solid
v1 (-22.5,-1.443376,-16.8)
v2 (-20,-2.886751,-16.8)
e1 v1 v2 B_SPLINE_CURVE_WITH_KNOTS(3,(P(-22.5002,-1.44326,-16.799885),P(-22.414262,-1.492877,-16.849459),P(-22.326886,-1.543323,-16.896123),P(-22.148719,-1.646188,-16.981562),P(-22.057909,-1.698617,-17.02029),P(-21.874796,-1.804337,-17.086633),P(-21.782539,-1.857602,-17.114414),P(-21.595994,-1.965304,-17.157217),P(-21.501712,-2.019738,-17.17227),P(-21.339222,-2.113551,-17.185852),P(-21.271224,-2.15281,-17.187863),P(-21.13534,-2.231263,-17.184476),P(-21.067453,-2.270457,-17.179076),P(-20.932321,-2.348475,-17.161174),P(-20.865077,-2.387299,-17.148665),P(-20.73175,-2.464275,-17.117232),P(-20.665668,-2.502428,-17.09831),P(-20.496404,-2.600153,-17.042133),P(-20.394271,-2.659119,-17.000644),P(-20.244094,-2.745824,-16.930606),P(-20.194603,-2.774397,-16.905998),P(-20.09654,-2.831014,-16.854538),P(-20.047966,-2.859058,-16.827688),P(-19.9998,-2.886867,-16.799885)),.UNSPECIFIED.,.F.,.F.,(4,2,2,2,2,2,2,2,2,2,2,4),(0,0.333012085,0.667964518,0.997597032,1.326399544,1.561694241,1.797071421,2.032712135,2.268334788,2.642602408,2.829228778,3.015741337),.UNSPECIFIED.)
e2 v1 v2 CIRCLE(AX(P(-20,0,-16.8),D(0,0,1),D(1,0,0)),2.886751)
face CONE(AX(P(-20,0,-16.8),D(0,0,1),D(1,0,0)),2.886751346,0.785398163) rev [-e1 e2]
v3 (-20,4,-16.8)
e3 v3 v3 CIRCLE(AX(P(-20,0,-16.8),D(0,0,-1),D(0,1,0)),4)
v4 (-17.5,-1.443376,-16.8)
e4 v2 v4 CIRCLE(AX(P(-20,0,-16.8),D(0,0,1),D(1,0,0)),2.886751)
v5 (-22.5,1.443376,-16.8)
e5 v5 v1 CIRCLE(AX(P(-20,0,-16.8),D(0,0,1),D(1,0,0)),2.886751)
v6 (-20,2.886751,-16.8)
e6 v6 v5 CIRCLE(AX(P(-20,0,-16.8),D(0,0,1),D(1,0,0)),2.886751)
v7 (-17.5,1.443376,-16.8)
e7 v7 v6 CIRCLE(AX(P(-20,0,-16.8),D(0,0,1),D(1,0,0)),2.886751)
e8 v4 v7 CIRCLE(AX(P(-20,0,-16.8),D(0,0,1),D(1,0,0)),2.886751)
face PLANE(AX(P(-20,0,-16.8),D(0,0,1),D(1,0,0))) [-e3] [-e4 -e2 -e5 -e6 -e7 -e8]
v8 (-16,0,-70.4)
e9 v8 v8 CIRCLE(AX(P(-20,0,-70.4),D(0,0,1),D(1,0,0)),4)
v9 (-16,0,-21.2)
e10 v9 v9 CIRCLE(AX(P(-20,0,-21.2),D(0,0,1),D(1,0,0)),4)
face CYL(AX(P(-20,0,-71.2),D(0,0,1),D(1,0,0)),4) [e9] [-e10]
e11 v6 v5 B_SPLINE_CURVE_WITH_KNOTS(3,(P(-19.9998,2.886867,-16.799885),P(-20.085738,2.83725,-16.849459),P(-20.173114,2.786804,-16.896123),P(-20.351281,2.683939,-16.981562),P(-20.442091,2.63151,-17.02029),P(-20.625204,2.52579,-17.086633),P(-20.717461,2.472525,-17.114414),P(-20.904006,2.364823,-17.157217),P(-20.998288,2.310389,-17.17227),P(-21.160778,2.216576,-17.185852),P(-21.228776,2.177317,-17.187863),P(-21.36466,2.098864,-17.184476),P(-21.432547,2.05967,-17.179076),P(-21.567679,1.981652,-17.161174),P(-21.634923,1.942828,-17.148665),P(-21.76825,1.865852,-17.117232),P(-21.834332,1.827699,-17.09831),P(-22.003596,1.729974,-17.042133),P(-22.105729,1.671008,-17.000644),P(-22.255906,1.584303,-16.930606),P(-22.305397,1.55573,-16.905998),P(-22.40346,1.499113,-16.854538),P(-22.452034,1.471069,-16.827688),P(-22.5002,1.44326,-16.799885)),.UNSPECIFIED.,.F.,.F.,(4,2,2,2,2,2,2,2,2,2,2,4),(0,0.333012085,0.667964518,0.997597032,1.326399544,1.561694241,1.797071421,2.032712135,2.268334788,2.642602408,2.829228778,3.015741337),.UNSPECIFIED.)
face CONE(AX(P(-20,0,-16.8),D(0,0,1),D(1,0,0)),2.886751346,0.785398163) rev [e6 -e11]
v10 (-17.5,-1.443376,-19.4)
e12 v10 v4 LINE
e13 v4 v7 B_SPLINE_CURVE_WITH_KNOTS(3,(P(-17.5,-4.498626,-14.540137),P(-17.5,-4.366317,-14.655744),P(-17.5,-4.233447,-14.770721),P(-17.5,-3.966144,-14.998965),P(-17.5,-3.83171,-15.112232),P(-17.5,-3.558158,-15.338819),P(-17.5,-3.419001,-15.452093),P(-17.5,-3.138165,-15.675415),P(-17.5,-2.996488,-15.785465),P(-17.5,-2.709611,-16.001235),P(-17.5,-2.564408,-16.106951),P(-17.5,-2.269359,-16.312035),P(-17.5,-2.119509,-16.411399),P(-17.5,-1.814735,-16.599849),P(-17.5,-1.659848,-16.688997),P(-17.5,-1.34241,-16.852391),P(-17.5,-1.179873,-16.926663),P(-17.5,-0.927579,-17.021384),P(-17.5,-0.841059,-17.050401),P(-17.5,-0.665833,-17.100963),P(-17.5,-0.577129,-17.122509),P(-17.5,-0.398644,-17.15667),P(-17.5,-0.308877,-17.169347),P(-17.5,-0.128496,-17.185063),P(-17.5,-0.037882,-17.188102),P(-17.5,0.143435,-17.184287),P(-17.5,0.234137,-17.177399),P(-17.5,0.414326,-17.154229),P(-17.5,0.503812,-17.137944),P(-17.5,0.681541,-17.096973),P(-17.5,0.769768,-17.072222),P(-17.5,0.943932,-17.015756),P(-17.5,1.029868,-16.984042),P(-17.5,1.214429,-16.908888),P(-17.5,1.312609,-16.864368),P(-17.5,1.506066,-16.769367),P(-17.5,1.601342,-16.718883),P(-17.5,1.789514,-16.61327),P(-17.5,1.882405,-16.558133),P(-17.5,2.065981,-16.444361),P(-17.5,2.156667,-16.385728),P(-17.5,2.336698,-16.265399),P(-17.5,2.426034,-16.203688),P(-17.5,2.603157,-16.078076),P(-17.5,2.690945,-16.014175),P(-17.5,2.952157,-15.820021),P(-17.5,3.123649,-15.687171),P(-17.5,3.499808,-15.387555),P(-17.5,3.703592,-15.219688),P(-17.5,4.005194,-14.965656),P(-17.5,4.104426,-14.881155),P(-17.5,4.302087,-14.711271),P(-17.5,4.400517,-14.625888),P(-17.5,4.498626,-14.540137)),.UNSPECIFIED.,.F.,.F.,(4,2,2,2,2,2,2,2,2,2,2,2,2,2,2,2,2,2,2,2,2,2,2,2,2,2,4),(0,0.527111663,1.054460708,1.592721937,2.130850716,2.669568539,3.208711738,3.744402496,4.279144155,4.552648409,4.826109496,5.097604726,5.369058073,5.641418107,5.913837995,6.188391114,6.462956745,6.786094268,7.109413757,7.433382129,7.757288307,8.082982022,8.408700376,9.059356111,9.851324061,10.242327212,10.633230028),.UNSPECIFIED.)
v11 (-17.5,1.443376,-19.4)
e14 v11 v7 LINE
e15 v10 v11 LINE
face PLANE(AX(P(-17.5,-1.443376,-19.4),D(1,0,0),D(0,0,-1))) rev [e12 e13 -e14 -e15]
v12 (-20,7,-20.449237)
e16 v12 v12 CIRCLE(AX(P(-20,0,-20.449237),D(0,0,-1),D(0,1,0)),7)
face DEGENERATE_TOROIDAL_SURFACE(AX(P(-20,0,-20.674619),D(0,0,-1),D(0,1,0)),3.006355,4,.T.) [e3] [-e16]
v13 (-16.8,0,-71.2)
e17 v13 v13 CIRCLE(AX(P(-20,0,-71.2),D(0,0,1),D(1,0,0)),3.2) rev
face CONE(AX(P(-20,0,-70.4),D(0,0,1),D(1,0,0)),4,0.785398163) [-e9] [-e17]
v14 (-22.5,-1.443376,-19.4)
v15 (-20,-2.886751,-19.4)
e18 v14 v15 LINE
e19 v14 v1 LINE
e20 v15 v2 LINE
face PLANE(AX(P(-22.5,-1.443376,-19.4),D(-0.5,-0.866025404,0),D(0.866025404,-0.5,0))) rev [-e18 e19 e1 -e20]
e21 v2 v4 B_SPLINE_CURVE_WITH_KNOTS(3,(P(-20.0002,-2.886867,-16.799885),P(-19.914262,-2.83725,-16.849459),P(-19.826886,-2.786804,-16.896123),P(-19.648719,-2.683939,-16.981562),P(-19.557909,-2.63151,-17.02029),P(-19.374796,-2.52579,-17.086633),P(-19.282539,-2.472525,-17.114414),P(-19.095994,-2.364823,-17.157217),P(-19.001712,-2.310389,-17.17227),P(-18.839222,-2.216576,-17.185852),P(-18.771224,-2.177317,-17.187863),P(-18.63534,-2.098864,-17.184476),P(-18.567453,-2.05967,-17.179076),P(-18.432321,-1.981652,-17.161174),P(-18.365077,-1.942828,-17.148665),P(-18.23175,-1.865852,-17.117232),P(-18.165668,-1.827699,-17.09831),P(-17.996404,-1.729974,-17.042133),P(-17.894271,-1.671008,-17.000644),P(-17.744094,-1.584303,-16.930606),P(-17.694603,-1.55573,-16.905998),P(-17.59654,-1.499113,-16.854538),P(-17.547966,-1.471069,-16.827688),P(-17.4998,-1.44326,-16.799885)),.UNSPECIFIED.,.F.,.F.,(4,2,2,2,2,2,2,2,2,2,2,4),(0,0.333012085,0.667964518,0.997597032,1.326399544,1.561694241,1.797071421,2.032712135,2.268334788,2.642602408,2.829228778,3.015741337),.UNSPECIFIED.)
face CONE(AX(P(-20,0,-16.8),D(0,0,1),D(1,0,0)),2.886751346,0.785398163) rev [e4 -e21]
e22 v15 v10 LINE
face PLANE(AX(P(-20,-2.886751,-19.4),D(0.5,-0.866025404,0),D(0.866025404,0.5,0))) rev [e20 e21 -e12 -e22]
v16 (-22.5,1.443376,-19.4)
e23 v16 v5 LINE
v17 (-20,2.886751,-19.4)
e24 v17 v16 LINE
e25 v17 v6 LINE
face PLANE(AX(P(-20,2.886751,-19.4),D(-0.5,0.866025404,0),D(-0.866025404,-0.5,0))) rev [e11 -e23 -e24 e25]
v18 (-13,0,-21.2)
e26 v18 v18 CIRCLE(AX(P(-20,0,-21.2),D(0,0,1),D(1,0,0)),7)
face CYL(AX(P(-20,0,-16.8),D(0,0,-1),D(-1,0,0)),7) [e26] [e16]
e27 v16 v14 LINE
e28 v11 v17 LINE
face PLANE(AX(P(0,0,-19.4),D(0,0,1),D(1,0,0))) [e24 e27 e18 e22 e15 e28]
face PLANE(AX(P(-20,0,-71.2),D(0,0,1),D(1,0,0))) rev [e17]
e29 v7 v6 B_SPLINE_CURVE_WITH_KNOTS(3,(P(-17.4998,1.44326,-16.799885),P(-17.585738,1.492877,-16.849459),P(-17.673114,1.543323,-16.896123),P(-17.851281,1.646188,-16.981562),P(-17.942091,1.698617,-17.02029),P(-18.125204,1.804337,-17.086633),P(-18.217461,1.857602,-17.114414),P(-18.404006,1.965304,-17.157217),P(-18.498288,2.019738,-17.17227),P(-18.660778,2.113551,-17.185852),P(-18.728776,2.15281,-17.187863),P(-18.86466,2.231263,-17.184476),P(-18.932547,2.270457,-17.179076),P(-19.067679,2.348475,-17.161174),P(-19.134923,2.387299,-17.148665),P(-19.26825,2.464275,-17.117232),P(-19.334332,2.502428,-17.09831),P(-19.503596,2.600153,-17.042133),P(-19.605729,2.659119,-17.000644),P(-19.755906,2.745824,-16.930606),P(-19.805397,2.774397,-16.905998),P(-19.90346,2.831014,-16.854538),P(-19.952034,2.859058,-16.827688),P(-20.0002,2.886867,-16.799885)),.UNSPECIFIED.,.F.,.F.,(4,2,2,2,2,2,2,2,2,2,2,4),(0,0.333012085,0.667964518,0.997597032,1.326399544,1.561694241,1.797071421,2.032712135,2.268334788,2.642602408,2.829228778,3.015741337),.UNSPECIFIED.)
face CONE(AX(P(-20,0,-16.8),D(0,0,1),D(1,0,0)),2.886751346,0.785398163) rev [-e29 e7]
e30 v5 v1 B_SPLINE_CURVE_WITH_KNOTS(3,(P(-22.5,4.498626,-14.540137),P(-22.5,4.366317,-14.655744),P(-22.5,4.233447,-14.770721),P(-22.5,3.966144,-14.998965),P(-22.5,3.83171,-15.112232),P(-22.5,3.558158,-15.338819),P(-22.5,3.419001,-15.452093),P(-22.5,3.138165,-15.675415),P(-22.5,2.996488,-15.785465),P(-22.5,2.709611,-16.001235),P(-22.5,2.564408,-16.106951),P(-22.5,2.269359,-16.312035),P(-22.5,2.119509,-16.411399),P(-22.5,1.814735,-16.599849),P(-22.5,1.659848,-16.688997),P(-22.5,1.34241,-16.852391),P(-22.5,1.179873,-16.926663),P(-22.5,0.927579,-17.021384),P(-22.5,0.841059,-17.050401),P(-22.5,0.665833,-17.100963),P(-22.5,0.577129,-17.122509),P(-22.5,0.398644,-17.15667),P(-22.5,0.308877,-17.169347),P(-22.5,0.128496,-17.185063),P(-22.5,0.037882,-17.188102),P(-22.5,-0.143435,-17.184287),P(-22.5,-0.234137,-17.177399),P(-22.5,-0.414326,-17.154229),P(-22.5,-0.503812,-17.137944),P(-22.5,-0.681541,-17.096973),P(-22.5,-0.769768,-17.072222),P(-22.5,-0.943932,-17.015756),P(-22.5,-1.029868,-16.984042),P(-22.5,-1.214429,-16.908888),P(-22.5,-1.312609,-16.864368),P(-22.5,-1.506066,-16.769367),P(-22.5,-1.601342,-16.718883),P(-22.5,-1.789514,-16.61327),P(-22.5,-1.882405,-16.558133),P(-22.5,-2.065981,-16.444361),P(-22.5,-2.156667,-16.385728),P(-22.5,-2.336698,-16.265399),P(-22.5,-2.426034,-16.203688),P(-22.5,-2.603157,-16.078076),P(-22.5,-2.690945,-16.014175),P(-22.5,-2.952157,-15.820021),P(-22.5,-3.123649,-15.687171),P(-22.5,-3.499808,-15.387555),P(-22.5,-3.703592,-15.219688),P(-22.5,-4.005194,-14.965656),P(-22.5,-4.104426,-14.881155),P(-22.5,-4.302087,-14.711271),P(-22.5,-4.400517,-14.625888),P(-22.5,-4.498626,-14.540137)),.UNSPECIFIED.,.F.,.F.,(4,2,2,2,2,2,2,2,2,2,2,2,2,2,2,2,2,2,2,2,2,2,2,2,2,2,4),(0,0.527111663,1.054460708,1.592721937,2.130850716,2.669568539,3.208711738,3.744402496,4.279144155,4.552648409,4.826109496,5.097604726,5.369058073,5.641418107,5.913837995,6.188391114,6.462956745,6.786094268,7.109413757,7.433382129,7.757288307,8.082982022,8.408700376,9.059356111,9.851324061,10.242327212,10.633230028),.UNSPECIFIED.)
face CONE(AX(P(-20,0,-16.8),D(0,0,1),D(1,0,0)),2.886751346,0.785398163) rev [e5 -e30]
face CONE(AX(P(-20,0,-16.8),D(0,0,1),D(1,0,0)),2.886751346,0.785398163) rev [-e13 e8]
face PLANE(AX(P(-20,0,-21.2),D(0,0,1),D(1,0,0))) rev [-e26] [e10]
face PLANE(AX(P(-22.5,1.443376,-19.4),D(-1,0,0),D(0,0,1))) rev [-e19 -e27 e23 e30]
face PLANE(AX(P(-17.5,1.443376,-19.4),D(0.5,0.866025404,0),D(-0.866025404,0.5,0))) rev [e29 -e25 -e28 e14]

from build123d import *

# Parameters (mm, degrees)
BOSS_EXTRUDE1_START = -21.2
SKETCH1_R           = 4
BOSS_EXTRUDE1_DEPTH = 50
SKETCH2_R           = 7
BOSS_EXTRUDE2_DEPTH = 4.4
CUT_EXTRUDE1_DEPTH  = 2.6
SKETCH5_R           = 2.886751346
CUT_EXTRUDE2_DEPTH  = 1
CUT_EXTRUDE2_DRAFT  = -45
CHAMFER1_SIZE       = 0.8


with BuildPart() as part:
    # Sketch1 → Boss-Extrude1 (new body)
    with BuildSketch(Plane.XY.offset(BOSS_EXTRUDE1_START)):
        with Locations((-20, 0)):
            Circle(SKETCH1_R)
    extrude(amount=-BOSS_EXTRUDE1_DEPTH)

    # Sketch2 → Boss-Extrude2 (add)
    with BuildSketch(Plane.XY.offset(-21.2)):
        with Locations((-20, 0)):
            Circle(SKETCH2_R)
    extrude(amount=BOSS_EXTRUDE2_DEPTH)

    # Sketch3 → Cut-Revolve1 (revolve, cut)
    with BuildSketch(Plane(origin=(-20, 0, 0), x_dir=(0, 0, -1), z_dir=(1, 0, 0))):
        with BuildLine():
            Line((16.8, 4), (15.8, 4))
            Line((15.8, 4), (15.8, 8))
            Line((15.8, 8), (20.9, 8))
            Line((20.9, 8), (20.9, 7))
            ThreePointArc((20.9, 7), (18.312578573, 6.23447595), (16.8, 4))
        make_face()
    revolve(axis=Axis((-20, 0, -71.2), (0, 0, 1)), mode=Mode.SUBTRACT)

    # Sketch4 → Cut-Extrude1 (cut)
    with BuildSketch(Plane.XY.offset(-16.8)):
        Polygon((-20, 2.886751346), (-22.5, 1.443375673), (-22.5, -1.443375673), (-20, -2.886751346), (-17.5, -1.443375673), (-17.5, 1.443375673), align=None)
    extrude(amount=-CUT_EXTRUDE1_DEPTH, mode=Mode.SUBTRACT)


with BuildPart() as cut_extrude2_tool:
    # Sketch5 → Cut-Extrude2 (with draft: the straight prism first)
    with BuildSketch(Plane.XY.offset(-16.8)):
        with Locations((-20, 0)):
            Circle(SKETCH5_R)
    extrude(amount=-CUT_EXTRUDE2_DEPTH)
    # Cut-Extrude2: the draft: its side faces are tilted about the plane it starts from
    cut_extrude2_sides = [cut_extrude2_tool.faces().sort_by_distance(p)[0] for p in [
        (-22.886751346, 0, -17.3),
    ]]
    draft(cut_extrude2_sides, Plane.XY.offset(-16.8), CUT_EXTRUDE2_DRAFT)


with BuildPart() as part_1:
    add(part.part)

    # Cut-Extrude2: cut by cut_extrude2_tool
    add(cut_extrude2_tool.part, mode=Mode.SUBTRACT)

    # Chamfer1
    chamfer1_edges = [part_1.edges().sort_by_distance(p)[0] for p in [
        (-24, 0, -71.2),
    ]]
    chamfer(chamfer1_edges, length=CHAMFER1_SIZE)


solid = part_1.part
